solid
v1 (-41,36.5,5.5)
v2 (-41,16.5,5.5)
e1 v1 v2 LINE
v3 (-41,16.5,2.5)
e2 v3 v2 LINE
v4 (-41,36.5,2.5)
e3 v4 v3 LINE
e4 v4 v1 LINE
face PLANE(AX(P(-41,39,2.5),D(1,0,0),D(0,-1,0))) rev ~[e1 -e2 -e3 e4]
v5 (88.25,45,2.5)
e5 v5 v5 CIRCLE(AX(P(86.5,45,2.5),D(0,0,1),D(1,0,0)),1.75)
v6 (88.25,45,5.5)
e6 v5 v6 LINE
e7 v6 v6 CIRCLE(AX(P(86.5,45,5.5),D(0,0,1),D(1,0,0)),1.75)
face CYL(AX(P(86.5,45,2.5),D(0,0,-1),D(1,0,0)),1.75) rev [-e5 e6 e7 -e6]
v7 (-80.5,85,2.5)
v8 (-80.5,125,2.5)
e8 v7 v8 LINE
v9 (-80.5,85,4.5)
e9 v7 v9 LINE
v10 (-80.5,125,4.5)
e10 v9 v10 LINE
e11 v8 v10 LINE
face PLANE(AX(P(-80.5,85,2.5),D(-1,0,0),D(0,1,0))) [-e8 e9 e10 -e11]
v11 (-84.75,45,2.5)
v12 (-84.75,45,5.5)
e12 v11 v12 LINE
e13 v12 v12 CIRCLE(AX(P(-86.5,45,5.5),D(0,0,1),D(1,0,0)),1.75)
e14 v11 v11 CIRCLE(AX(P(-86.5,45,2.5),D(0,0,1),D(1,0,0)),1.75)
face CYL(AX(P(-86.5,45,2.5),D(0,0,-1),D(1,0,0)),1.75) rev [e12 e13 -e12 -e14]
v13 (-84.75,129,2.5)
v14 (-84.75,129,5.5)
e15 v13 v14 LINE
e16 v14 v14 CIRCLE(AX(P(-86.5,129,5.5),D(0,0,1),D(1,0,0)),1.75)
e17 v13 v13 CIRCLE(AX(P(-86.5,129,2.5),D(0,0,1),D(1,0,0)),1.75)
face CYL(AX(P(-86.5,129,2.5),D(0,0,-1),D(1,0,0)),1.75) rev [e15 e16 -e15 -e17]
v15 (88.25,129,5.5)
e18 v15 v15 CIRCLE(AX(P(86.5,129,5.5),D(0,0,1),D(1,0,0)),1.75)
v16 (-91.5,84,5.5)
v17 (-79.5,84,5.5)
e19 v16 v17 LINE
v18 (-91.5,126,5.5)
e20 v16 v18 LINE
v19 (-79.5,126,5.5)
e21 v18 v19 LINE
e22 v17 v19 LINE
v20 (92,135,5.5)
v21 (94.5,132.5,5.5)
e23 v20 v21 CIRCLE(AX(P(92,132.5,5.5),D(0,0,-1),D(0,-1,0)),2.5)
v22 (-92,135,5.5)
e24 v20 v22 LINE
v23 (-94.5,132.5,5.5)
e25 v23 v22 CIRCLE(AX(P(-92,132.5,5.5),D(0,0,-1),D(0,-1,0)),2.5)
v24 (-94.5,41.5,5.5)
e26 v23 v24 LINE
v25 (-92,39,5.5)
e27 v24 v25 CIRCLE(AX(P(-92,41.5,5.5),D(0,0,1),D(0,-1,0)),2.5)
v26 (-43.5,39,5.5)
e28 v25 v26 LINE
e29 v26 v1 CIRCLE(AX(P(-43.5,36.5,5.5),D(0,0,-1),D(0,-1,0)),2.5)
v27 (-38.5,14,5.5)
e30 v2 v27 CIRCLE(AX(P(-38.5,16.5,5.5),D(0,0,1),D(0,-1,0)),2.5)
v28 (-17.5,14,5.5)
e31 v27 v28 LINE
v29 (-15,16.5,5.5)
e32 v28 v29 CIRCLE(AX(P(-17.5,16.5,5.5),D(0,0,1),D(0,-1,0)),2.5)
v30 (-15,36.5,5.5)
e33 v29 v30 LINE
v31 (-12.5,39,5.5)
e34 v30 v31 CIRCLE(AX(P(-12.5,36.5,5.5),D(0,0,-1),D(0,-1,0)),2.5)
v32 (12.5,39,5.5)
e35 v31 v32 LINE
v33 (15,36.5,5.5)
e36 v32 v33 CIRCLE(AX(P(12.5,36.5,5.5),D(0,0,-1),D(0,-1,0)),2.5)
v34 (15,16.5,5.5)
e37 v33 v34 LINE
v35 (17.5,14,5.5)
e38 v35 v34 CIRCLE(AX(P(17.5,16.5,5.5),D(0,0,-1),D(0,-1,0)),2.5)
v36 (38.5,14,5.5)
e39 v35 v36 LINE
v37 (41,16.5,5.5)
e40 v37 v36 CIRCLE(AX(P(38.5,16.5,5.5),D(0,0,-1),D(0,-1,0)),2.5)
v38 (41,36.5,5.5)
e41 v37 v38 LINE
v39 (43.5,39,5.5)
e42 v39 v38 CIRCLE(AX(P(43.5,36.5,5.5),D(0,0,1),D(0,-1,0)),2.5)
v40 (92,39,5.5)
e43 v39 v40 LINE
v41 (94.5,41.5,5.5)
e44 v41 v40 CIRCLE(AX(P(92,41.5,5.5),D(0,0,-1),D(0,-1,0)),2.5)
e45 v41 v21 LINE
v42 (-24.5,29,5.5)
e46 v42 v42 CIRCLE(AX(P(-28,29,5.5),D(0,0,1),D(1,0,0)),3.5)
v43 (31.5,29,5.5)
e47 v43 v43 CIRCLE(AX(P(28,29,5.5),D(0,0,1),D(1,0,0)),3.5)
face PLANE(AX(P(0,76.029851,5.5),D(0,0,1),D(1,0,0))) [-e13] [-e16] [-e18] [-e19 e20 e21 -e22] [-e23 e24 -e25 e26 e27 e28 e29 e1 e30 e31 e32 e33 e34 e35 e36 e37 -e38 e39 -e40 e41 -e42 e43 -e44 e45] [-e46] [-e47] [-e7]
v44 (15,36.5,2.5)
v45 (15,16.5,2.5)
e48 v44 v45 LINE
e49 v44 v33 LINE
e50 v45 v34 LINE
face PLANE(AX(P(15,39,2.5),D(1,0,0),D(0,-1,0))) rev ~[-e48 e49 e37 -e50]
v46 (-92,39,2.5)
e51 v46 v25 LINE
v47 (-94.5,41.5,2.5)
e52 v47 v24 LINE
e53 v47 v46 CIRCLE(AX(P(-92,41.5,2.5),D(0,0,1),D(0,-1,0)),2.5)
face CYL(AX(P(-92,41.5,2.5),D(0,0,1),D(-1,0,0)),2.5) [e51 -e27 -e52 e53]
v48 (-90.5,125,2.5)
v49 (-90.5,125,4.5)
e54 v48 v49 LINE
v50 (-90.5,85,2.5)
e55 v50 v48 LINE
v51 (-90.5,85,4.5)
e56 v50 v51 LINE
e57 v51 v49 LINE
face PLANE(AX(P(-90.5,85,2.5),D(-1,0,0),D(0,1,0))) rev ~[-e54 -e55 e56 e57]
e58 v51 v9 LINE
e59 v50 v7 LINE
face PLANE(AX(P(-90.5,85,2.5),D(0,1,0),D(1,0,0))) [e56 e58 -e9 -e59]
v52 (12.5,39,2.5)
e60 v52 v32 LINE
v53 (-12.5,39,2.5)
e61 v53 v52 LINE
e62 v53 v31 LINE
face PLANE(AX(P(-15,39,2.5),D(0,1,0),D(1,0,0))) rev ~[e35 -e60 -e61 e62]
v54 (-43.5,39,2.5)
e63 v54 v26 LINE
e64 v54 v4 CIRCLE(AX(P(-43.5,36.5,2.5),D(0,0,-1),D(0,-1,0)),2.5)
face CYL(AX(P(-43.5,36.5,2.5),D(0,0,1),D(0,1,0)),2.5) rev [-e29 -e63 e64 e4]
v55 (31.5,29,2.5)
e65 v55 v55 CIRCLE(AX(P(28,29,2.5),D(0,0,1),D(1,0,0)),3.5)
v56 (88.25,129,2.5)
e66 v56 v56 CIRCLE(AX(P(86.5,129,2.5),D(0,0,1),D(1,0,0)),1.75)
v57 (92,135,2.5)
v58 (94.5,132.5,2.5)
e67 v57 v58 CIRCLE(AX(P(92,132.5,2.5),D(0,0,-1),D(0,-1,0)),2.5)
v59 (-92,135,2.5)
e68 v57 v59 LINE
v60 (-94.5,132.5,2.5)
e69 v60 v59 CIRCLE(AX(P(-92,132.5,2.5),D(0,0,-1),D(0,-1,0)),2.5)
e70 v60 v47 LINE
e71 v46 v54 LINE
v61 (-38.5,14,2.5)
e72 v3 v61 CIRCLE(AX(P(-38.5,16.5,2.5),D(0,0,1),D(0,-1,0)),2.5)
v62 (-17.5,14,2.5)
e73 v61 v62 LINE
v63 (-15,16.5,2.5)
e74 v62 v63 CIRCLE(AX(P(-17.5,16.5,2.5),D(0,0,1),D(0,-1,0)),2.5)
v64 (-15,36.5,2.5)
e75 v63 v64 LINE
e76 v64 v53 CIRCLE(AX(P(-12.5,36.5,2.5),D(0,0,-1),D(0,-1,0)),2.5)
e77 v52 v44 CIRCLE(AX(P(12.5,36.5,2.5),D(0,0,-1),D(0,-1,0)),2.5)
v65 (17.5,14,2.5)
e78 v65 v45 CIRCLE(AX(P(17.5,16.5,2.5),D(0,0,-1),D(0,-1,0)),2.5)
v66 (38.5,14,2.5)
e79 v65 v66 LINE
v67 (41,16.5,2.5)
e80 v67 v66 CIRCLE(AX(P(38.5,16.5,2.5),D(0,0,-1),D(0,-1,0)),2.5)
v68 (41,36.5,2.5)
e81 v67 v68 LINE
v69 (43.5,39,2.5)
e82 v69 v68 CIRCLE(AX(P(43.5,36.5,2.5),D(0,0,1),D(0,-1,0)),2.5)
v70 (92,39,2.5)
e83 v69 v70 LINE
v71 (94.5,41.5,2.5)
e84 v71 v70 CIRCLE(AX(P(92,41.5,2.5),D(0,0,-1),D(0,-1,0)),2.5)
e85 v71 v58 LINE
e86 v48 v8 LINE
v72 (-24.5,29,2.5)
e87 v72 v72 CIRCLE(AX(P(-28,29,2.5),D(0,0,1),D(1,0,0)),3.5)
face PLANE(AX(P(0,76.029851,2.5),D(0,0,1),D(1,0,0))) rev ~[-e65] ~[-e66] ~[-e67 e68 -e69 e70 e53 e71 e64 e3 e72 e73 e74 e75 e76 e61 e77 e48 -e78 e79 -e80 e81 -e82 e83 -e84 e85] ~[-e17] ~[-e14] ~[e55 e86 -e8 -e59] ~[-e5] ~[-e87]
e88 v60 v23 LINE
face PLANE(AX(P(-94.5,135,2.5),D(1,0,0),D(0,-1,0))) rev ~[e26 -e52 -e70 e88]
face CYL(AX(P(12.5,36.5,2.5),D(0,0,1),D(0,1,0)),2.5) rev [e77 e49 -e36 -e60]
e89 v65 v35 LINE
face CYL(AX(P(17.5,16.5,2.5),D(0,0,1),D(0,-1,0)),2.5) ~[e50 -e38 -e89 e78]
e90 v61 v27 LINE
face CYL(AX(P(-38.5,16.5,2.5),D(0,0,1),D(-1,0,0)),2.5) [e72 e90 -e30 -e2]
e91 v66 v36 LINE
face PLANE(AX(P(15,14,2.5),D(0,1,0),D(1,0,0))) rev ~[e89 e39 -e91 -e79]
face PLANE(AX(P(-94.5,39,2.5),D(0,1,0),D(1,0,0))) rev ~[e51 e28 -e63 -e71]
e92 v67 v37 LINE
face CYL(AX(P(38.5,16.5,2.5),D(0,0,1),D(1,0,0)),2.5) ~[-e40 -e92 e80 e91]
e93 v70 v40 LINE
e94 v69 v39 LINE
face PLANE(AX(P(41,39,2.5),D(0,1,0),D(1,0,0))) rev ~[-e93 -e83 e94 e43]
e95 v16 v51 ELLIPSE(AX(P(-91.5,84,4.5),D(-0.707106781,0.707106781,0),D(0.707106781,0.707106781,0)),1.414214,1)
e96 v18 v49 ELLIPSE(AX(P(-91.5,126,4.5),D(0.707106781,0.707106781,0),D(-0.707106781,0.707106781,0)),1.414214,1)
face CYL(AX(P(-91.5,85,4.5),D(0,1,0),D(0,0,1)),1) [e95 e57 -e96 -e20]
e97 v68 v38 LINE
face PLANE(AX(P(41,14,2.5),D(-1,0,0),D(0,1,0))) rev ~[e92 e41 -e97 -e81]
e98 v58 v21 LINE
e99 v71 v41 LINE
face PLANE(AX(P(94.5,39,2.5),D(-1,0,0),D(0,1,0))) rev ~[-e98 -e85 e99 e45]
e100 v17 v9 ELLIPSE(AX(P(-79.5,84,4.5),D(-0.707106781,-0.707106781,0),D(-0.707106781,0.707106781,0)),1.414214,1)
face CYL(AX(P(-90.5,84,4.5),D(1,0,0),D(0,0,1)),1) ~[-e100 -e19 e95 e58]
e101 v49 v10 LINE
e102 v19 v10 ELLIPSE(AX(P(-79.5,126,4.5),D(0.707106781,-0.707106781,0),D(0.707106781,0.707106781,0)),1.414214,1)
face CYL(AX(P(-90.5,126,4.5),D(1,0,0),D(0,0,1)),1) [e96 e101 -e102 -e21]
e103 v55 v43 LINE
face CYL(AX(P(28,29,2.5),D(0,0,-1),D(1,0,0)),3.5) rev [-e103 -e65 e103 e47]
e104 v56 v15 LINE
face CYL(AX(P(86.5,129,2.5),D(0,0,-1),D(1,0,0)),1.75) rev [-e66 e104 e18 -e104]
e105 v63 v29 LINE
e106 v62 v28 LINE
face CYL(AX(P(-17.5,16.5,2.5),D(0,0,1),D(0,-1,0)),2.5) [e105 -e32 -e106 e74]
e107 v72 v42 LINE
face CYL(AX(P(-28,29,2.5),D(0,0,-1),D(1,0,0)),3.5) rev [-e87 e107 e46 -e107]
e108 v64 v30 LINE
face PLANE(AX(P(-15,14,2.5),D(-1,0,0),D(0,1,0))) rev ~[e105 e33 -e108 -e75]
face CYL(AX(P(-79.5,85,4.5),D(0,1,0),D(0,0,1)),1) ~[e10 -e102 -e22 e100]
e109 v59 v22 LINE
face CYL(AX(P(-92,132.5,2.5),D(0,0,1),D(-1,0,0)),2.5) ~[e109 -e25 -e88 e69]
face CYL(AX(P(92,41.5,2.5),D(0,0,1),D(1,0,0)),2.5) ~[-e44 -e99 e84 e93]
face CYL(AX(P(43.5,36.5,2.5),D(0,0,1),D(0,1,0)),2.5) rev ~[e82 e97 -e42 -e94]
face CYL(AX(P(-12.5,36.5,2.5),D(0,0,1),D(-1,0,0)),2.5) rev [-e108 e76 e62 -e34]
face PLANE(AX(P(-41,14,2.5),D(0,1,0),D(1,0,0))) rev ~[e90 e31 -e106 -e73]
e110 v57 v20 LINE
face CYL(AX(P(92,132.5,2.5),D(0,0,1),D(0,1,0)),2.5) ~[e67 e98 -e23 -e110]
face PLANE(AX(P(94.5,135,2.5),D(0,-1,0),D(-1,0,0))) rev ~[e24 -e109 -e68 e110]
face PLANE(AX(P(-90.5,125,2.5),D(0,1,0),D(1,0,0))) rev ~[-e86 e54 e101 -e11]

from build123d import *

# Parameters (mm, degrees)
SKETCH020_R   = 3.5
SKETCH020_R_2 = 1.75
SKETCH020_W   = 10
SKETCH020_H   = 40
PAD012_DEPTH  = 3
FILLET008_R   = 2.5
FILLET009_R   = 1


with BuildPart() as part:
    # Sketch020 → Pad012 (new body)
    with BuildSketch(Plane.XY):
        Polygon((-94.5, 48), (-94.5, -48), (-41, -48), (-41, -73), (-15, -73), (-15, -48), (15, -48), (15, -73), (41, -73), (41, -48), (94.5, -48), (94.5, 48), align=None)
        with Locations((-28, -58)):
            Circle(SKETCH020_R, mode=Mode.SUBTRACT)
        with Locations((28, -58)):
            Circle(SKETCH020_R, mode=Mode.SUBTRACT)
        with Locations((-86.5, -42)):
            Circle(SKETCH020_R_2, mode=Mode.SUBTRACT)
        with Locations((86.5, -42)):
            Circle(SKETCH020_R_2, mode=Mode.SUBTRACT)
        with Locations((86.5, 42)):
            Circle(SKETCH020_R_2, mode=Mode.SUBTRACT)
        with Locations((-86.5, 42)):
            Circle(SKETCH020_R_2, mode=Mode.SUBTRACT)
        with Locations((-85.5, 18)):
            Rectangle(SKETCH020_W, SKETCH020_H, mode=Mode.SUBTRACT)
    extrude(amount=PAD012_DEPTH)

    # Fillet008
    fillet008_edges = [part.edges().sort_by_distance(p)[0] for p in [
        (94.5, -48, 1.5),
        (41, -48, 1.5),
        (41, -73, 1.5),
        (94.5, 48, 1.5),
        (15, -48, 1.5),
        (15, -73, 1.5),
        (-15, -48, 1.5),
        (-15, -73, 1.5),
        (-41, -73, 1.5),
        (-41, -48, 1.5),
        (-94.5, -48, 1.5),
        (-94.5, 48, 1.5),
    ]]
    fillet(fillet008_edges, radius=FILLET008_R)

    # Fillet009
    fillet009_edges = [part.edges().sort_by_distance(p)[0] for p in [
        (-90.5, 18, 3),
        (-85.5, 38, 3),
        (-80.5, 18, 3),
        (-85.5, -2, 3),
    ]]
    fillet(fillet009_edges, radius=FILLET009_R)


with BuildPart() as part_1:
    # Body008 placement: moved
    add(part.part.moved(Location((0, 87, 2.5))))


solid = part_1.part
